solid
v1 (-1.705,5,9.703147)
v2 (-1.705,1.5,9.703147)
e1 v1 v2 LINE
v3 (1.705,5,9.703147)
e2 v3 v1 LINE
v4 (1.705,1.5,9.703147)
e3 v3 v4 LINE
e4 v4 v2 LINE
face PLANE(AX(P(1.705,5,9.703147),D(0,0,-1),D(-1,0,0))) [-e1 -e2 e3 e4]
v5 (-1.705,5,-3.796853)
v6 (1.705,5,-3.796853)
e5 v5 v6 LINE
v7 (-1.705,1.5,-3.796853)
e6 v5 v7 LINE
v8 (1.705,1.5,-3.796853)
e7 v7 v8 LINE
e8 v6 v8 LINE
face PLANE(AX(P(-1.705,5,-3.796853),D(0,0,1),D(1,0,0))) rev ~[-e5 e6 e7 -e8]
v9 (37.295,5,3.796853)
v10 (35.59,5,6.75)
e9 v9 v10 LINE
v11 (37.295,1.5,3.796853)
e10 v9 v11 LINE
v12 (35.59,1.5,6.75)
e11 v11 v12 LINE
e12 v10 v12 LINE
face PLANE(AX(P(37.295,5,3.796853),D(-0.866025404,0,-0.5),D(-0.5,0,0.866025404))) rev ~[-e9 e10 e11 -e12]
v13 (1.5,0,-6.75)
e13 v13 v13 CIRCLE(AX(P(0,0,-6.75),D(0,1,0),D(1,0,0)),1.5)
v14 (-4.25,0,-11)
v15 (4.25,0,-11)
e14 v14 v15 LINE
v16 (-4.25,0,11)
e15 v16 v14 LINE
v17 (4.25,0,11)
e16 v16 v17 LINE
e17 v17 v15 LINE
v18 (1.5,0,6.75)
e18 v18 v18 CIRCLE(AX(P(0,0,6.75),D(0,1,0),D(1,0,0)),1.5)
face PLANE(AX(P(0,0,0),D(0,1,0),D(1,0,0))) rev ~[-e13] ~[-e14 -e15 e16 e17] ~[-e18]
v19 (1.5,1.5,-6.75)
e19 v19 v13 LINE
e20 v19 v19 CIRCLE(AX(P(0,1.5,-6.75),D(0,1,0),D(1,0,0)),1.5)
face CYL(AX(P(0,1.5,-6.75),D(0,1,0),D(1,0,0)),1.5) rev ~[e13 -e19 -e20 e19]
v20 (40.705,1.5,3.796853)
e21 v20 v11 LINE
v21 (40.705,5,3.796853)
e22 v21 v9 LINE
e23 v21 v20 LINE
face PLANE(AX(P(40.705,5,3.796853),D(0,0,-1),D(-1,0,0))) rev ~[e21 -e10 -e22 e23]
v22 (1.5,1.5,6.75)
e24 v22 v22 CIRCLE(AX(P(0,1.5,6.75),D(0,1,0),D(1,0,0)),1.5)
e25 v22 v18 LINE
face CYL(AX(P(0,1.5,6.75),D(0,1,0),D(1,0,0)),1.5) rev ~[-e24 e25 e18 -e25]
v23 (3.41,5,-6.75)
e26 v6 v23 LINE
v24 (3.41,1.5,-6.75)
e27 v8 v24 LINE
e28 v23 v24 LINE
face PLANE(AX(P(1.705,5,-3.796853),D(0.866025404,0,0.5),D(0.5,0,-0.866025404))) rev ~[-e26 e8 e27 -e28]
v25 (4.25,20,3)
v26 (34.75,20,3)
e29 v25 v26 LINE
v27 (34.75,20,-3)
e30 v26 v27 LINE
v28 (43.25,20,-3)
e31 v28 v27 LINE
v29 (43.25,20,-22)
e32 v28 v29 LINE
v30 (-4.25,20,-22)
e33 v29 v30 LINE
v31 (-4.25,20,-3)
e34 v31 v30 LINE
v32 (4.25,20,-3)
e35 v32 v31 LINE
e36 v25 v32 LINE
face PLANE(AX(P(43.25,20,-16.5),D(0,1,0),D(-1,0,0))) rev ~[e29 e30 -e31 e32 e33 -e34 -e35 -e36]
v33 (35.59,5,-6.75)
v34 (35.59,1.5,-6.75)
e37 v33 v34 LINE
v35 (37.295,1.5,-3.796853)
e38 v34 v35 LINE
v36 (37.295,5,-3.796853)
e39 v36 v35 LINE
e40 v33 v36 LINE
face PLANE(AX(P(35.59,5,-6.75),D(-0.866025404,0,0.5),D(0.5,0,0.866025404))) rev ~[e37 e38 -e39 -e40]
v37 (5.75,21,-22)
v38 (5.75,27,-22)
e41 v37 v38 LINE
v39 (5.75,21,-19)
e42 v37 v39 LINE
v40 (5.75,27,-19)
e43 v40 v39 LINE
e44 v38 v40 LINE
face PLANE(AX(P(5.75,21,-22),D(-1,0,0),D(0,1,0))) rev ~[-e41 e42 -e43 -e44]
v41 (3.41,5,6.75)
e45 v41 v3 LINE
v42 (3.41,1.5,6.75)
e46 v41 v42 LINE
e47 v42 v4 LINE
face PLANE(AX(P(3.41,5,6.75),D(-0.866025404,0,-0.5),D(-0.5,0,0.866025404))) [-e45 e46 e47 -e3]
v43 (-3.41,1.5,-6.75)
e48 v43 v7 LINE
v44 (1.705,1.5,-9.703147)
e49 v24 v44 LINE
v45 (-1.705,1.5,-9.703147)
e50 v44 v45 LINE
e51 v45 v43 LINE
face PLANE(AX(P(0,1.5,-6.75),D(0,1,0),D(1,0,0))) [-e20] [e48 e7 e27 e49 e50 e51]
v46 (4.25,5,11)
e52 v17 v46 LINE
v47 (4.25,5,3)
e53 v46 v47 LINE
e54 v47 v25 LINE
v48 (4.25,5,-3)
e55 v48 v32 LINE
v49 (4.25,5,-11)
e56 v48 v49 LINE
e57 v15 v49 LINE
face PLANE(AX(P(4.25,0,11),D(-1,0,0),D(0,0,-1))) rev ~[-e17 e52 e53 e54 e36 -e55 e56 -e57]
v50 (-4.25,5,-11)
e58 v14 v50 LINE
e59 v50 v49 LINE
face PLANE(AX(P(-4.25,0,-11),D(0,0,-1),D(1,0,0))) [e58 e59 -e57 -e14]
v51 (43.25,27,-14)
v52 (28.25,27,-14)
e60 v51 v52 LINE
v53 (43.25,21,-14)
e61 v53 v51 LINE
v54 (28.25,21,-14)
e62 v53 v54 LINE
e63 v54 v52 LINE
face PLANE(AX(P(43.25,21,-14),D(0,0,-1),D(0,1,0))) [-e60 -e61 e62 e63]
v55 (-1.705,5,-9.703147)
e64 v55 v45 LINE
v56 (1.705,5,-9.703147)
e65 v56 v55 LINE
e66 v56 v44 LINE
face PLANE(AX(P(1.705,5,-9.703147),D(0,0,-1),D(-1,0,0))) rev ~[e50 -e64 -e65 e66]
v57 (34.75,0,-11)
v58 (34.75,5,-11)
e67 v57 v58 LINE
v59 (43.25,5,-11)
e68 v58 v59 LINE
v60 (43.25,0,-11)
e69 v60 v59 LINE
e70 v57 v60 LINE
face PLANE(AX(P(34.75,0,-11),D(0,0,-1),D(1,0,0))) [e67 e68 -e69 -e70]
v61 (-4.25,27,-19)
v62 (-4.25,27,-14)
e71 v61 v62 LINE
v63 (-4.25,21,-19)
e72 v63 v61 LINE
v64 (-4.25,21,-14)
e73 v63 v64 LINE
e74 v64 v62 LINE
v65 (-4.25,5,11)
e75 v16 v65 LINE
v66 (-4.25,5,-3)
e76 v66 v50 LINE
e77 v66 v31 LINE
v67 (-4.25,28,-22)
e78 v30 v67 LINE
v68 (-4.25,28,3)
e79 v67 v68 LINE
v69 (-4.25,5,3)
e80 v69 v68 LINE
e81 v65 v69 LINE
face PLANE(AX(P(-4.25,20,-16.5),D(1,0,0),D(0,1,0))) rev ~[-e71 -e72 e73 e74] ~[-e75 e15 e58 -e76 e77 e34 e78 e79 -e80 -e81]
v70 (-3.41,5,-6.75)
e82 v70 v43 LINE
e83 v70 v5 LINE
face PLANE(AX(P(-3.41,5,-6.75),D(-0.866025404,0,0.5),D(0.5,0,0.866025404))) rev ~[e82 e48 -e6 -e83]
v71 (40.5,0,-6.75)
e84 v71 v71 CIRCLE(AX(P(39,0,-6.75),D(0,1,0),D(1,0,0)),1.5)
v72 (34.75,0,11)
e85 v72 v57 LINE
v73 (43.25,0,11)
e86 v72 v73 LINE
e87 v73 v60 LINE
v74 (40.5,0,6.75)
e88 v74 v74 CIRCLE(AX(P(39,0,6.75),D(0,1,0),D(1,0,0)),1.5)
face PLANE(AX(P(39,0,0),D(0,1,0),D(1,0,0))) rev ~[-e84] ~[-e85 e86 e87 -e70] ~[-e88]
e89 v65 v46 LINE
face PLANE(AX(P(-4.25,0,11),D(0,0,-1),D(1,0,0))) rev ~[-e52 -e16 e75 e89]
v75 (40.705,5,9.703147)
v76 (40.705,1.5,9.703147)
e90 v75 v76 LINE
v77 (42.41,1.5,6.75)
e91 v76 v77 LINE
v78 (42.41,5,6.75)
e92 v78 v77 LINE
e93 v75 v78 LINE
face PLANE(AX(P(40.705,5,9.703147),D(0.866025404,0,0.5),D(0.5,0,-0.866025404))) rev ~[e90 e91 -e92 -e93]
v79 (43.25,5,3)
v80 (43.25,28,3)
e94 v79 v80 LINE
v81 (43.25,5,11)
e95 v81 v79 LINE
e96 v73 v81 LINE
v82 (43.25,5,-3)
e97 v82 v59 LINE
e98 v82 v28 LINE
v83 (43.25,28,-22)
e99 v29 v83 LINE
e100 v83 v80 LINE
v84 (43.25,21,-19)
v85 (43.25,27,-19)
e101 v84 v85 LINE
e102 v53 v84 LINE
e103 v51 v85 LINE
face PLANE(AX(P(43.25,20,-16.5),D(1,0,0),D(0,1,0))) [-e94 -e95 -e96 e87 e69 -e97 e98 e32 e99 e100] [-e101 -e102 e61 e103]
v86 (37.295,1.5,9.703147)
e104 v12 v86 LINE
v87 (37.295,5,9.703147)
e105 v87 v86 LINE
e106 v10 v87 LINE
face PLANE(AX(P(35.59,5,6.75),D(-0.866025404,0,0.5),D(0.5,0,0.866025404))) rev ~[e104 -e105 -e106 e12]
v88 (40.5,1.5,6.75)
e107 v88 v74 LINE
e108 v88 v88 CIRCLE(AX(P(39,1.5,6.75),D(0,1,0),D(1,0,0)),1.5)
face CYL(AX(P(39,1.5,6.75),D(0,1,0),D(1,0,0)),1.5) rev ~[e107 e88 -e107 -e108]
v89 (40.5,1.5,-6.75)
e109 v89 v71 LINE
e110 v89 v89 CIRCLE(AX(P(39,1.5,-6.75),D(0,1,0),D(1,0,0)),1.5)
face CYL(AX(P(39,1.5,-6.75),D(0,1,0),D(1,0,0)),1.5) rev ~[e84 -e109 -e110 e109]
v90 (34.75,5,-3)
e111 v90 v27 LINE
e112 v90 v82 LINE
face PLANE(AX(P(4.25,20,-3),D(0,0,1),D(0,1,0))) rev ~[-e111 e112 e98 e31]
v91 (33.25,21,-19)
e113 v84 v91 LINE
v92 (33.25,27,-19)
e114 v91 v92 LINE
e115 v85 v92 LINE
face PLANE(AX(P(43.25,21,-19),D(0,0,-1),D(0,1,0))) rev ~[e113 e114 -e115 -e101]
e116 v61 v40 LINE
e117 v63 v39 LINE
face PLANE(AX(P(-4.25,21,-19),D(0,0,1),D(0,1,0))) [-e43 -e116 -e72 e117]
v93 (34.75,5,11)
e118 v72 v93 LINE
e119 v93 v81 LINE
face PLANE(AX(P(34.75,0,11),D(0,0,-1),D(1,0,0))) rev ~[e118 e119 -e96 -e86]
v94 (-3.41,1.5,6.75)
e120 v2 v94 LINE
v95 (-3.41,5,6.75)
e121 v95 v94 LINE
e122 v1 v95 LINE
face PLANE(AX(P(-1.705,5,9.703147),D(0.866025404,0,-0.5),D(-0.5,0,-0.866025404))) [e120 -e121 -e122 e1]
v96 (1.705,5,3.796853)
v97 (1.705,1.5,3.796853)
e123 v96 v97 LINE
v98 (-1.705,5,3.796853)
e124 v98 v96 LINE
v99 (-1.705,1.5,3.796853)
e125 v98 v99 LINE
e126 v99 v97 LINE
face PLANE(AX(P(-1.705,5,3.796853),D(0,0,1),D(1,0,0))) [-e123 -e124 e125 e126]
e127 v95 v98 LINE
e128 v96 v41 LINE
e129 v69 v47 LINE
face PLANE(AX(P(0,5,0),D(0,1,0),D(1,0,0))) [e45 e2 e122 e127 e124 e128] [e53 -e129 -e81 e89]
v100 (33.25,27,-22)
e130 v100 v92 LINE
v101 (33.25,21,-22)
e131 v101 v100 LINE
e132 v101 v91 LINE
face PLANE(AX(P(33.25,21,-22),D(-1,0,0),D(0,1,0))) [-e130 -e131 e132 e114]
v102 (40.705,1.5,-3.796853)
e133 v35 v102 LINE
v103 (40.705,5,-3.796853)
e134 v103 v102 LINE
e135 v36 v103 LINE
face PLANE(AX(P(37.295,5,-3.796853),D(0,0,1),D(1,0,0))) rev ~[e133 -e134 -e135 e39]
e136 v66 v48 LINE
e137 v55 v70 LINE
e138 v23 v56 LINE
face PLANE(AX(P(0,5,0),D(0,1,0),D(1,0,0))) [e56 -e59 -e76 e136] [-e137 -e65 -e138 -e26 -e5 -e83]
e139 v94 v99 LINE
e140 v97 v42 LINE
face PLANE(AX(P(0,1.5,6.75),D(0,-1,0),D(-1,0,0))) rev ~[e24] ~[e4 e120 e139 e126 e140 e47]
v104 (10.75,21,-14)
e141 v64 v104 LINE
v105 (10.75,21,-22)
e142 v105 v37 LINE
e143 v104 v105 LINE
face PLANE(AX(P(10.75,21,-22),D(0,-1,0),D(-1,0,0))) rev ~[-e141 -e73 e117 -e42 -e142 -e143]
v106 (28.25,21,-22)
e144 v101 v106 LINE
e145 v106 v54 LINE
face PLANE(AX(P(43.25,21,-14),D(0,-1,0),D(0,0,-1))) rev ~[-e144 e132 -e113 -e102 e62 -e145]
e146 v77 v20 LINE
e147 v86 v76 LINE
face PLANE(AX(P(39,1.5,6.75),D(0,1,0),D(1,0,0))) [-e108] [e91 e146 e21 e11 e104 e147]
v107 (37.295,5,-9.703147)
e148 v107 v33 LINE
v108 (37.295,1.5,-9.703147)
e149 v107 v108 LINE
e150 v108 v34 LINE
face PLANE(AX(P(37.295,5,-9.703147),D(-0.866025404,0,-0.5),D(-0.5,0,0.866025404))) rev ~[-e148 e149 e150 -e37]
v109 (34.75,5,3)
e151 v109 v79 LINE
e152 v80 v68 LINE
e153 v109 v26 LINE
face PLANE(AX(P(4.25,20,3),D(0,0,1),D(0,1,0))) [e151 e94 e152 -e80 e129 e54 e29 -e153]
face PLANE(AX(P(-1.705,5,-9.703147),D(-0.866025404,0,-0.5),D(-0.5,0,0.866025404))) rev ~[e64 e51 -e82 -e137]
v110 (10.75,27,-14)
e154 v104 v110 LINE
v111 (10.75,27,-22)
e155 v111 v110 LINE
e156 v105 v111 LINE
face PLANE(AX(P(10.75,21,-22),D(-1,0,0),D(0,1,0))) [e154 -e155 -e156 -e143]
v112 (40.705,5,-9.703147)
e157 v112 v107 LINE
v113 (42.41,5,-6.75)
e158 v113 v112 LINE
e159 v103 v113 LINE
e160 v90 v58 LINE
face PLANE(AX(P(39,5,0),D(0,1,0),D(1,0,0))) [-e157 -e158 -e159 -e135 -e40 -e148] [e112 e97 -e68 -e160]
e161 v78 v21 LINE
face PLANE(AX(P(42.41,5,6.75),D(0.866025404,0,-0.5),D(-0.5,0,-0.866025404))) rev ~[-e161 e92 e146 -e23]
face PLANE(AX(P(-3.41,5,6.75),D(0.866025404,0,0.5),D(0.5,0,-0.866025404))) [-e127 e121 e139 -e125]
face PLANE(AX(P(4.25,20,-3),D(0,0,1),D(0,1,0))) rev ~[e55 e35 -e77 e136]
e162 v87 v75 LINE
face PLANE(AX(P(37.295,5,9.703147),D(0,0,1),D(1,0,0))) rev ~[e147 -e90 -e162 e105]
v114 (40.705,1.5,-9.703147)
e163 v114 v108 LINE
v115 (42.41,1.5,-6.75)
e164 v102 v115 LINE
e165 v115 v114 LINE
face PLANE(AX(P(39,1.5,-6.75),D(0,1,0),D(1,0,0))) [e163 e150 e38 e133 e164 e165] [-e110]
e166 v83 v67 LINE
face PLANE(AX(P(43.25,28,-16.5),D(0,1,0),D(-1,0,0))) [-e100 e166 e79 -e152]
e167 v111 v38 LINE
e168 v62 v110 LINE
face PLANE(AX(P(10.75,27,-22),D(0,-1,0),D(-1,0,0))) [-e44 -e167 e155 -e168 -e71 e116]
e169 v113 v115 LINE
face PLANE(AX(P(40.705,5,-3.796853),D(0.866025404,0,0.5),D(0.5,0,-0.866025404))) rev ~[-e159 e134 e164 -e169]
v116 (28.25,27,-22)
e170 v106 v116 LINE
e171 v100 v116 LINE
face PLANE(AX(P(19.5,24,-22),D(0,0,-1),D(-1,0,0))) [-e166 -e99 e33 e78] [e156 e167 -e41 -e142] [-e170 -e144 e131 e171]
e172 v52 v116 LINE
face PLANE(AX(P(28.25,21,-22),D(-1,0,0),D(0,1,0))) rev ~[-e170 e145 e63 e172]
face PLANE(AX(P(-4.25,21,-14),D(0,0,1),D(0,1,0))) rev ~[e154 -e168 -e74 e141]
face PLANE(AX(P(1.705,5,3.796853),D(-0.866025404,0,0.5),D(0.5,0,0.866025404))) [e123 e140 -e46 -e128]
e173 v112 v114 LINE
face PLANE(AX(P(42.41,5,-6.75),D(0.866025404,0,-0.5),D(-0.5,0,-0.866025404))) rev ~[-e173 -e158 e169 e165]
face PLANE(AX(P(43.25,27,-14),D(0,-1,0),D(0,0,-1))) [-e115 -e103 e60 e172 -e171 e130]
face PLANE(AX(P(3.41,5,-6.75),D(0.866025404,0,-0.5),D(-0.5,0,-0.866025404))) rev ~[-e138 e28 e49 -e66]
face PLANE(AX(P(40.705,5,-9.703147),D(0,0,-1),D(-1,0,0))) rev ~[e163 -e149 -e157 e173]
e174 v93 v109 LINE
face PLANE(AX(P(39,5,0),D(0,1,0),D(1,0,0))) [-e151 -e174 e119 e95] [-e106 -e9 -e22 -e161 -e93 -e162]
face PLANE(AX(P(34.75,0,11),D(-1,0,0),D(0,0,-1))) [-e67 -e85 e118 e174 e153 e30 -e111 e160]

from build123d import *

# Parameters (mm, degrees)
SKETCH1_W           = 8.5
SKETCH1_H           = 22
BOSS_EXTRUDE1_DEPTH = 5
CUT_EXTRUDE1_DEPTH  = 3.5
SKETCH3_R           = 1.5
CUT_EXTRUDE2_DEPTH  = 1.5
SKETCH4_W           = 8.5
SKETCH4_H           = 6
BOSS_EXTRUDE2_DEPTH = 23
SKETCH7_W           = 8.5
SKETCH7_H           = 22
BOSS_EXTRUDE4_DEPTH = 5
CUT_EXTRUDE3_DEPTH  = 3.5
SKETCH9_R           = 1.5
CUT_EXTRUDE4_DEPTH  = 3.5
SKETCH10_W          = 8.5
SKETCH10_H          = 6
BOSS_EXTRUDE5_DEPTH = 23
SKETCH6_W           = 6
SKETCH6_H           = 8
BOSS_EXTRUDE6_DEPTH = 30.5
SKETCH11_W          = 47.5
SKETCH11_H          = 8
BOSS_EXTRUDE7_DEPTH = 13.5
SKETCH12_W          = 47.5
SKETCH12_H          = 8
BOSS_EXTRUDE8_DEPTH = 5.5
SKETCH13_W          = 5
SKETCH13_H          = 6
CUT_EXTRUDE5_DEPTH  = 15
SKETCH14_W          = 5
SKETCH14_H          = 6
CUT_EXTRUDE6_DEPTH  = 4
SKETCH15_W          = 5
SKETCH15_H          = 6
CUT_EXTRUDE7_DEPTH  = 15
SKETCH16_W          = 5
SKETCH16_H          = 6
CUT_EXTRUDE8_DEPTH  = 4


with BuildPart() as part:
    # Sketch1 → Boss-Extrude1 (new body)
    with BuildSketch(Plane(origin=(0, 0, 0), x_dir=(1, 0, 0), z_dir=(0, 1, 0))):
        Rectangle(SKETCH1_W, SKETCH1_H)
    extrude(amount=BOSS_EXTRUDE1_DEPTH)

    # Sketch2 → Cut-Extrude1 (cut)
    with BuildSketch(Plane(origin=(0, 5, 0), x_dir=(1, 0, 0), z_dir=(0, 1, 0))):
        Polygon((-1.705, 9.703146627), (-3.41, 6.75), (-1.705, 3.796853373), (1.705, 3.796853373), (3.41, 6.75), (1.705, 9.703146627), align=None)
        Polygon((1.705, -9.703146627), (-1.705, -9.703146627), (-3.41, -6.75), (-1.705, -3.796853373), (1.705, -3.796853373), (3.41, -6.75), align=None)
    extrude(amount=-CUT_EXTRUDE1_DEPTH, mode=Mode.SUBTRACT)

    # Sketch3 → Cut-Extrude2 (cut)
    with BuildSketch(Plane(origin=(0, 1.5, 0), x_dir=(1, 0, 0), z_dir=(0, 1, 0))):
        with Locations((0, 6.75)):
            Circle(SKETCH3_R)
        with Locations((0, -6.75)):
            Circle(SKETCH3_R)
        with Locations((39, 6.75)):
            Circle(SKETCH3_R)
        with Locations((39, -6.75)):
            Circle(SKETCH3_R)
    extrude(amount=-CUT_EXTRUDE2_DEPTH, mode=Mode.SUBTRACT)

    # Sketch4 → Boss-Extrude2 (add)
    with BuildSketch(Plane(origin=(0, 5, 0), x_dir=(1, 0, 0), z_dir=(0, 1, 0))):
        Rectangle(SKETCH4_W, SKETCH4_H)
    extrude(amount=BOSS_EXTRUDE2_DEPTH)



with BuildPart() as body_2:
    # Sketch7 → Boss-Extrude4 (new body)
    with BuildSketch(Plane(origin=(0, 0, 0), x_dir=(1, 0, 0), z_dir=(0, 1, 0))):
        with Locations((39, 0)):
            Rectangle(SKETCH7_W, SKETCH7_H)
    extrude(amount=BOSS_EXTRUDE4_DEPTH)

    # Sketch8 → Cut-Extrude3 (cut)
    with BuildSketch(Plane(origin=(0, 5, 0), x_dir=(1, 0, 0), z_dir=(0, 1, 0))):
        Polygon((40.705, 9.703146627), (37.295, 9.703146627), (35.59, 6.75), (37.295, 3.796853373), (40.705, 3.796853373), (42.41, 6.75), align=None)
        Polygon((40.705, -3.796853373), (37.295, -3.796853373), (35.59, -6.75), (37.295, -9.703146627), (40.705, -9.703146627), (42.41, -6.75), align=None)
    extrude(amount=-CUT_EXTRUDE3_DEPTH, mode=Mode.SUBTRACT)

    # Sketch9 → Cut-Extrude4 (cut)
    with BuildSketch(Plane(origin=(0, 1.5, 0), x_dir=(1, 0, 0), z_dir=(0, 1, 0))):
        with Locations((39, 6.75)):
            Circle(SKETCH9_R)
        with Locations((39, -6.75)):
            Circle(SKETCH9_R)
    extrude(amount=-CUT_EXTRUDE4_DEPTH, mode=Mode.SUBTRACT)

    # Sketch10 → Boss-Extrude5 (add)
    with BuildSketch(Plane(origin=(0, 5, 0), x_dir=(1, 0, 0), z_dir=(0, 1, 0))):
        with Locations((39, 0)):
            Rectangle(SKETCH10_W, SKETCH10_H)
    extrude(amount=BOSS_EXTRUDE5_DEPTH)


with BuildPart() as part_1:
    add(part.part)

    add(body_2.part)  # Boss-Extrude6 merges body 2
    # Sketch6 → Boss-Extrude6 (add)
    with BuildSketch(Plane(origin=(4.25, 0, 0), x_dir=(0, 0, -1), z_dir=(1, 0, 0))):
        with Locations((0, 24)):
            Rectangle(SKETCH6_W, SKETCH6_H)
    extrude(amount=BOSS_EXTRUDE6_DEPTH)

    # Sketch11 → Boss-Extrude7 (add)
    with BuildSketch(Plane(origin=(0, 0, -3), x_dir=(-1, 0, 0), z_dir=(0, 0, -1))):
        with Locations((-19.5, 24)):
            Rectangle(SKETCH11_W, SKETCH11_H)
    extrude(amount=BOSS_EXTRUDE7_DEPTH)

    # Sketch12 → Boss-Extrude8 (add)
    with BuildSketch(Plane(origin=(0, 0, -16.5), x_dir=(-1, 0, 0), z_dir=(0, 0, -1))):
        with Locations((-19.5, 24)):
            Rectangle(SKETCH12_W, SKETCH12_H)
    extrude(amount=BOSS_EXTRUDE8_DEPTH)

    # Sketch13 → Cut-Extrude5 (cut)
    with BuildSketch(Plane.ZY.offset(4.25)):
        with Locations((-16.5, 24)):
            Rectangle(SKETCH13_W, SKETCH13_H)
    extrude(amount=-CUT_EXTRUDE5_DEPTH, mode=Mode.SUBTRACT)

    # Sketch14 → Cut-Extrude6 (cut)
    with BuildSketch(Plane(origin=(0, 0, -22), x_dir=(-1, 0, 0), z_dir=(0, 0, -1))):
        with Locations((-8.25, 24)):
            Rectangle(SKETCH14_W, SKETCH14_H)
    extrude(amount=-CUT_EXTRUDE6_DEPTH, mode=Mode.SUBTRACT)

    # Sketch15 → Cut-Extrude7 (cut)
    with BuildSketch(Plane(origin=(43.25, 0, 0), x_dir=(0, 0, -1), z_dir=(1, 0, 0))):
        with Locations((16.5, 24)):
            Rectangle(SKETCH15_W, SKETCH15_H)
    extrude(amount=-CUT_EXTRUDE7_DEPTH, mode=Mode.SUBTRACT)

    # Sketch16 → Cut-Extrude8 (cut)
    with BuildSketch(Plane(origin=(0, 0, -22), x_dir=(-1, 0, 0), z_dir=(0, 0, -1))):
        with Locations((-30.75, 24)):
            Rectangle(SKETCH16_W, SKETCH16_H)
    extrude(amount=-CUT_EXTRUDE8_DEPTH, mode=Mode.SUBTRACT)


solid = part_1.part
